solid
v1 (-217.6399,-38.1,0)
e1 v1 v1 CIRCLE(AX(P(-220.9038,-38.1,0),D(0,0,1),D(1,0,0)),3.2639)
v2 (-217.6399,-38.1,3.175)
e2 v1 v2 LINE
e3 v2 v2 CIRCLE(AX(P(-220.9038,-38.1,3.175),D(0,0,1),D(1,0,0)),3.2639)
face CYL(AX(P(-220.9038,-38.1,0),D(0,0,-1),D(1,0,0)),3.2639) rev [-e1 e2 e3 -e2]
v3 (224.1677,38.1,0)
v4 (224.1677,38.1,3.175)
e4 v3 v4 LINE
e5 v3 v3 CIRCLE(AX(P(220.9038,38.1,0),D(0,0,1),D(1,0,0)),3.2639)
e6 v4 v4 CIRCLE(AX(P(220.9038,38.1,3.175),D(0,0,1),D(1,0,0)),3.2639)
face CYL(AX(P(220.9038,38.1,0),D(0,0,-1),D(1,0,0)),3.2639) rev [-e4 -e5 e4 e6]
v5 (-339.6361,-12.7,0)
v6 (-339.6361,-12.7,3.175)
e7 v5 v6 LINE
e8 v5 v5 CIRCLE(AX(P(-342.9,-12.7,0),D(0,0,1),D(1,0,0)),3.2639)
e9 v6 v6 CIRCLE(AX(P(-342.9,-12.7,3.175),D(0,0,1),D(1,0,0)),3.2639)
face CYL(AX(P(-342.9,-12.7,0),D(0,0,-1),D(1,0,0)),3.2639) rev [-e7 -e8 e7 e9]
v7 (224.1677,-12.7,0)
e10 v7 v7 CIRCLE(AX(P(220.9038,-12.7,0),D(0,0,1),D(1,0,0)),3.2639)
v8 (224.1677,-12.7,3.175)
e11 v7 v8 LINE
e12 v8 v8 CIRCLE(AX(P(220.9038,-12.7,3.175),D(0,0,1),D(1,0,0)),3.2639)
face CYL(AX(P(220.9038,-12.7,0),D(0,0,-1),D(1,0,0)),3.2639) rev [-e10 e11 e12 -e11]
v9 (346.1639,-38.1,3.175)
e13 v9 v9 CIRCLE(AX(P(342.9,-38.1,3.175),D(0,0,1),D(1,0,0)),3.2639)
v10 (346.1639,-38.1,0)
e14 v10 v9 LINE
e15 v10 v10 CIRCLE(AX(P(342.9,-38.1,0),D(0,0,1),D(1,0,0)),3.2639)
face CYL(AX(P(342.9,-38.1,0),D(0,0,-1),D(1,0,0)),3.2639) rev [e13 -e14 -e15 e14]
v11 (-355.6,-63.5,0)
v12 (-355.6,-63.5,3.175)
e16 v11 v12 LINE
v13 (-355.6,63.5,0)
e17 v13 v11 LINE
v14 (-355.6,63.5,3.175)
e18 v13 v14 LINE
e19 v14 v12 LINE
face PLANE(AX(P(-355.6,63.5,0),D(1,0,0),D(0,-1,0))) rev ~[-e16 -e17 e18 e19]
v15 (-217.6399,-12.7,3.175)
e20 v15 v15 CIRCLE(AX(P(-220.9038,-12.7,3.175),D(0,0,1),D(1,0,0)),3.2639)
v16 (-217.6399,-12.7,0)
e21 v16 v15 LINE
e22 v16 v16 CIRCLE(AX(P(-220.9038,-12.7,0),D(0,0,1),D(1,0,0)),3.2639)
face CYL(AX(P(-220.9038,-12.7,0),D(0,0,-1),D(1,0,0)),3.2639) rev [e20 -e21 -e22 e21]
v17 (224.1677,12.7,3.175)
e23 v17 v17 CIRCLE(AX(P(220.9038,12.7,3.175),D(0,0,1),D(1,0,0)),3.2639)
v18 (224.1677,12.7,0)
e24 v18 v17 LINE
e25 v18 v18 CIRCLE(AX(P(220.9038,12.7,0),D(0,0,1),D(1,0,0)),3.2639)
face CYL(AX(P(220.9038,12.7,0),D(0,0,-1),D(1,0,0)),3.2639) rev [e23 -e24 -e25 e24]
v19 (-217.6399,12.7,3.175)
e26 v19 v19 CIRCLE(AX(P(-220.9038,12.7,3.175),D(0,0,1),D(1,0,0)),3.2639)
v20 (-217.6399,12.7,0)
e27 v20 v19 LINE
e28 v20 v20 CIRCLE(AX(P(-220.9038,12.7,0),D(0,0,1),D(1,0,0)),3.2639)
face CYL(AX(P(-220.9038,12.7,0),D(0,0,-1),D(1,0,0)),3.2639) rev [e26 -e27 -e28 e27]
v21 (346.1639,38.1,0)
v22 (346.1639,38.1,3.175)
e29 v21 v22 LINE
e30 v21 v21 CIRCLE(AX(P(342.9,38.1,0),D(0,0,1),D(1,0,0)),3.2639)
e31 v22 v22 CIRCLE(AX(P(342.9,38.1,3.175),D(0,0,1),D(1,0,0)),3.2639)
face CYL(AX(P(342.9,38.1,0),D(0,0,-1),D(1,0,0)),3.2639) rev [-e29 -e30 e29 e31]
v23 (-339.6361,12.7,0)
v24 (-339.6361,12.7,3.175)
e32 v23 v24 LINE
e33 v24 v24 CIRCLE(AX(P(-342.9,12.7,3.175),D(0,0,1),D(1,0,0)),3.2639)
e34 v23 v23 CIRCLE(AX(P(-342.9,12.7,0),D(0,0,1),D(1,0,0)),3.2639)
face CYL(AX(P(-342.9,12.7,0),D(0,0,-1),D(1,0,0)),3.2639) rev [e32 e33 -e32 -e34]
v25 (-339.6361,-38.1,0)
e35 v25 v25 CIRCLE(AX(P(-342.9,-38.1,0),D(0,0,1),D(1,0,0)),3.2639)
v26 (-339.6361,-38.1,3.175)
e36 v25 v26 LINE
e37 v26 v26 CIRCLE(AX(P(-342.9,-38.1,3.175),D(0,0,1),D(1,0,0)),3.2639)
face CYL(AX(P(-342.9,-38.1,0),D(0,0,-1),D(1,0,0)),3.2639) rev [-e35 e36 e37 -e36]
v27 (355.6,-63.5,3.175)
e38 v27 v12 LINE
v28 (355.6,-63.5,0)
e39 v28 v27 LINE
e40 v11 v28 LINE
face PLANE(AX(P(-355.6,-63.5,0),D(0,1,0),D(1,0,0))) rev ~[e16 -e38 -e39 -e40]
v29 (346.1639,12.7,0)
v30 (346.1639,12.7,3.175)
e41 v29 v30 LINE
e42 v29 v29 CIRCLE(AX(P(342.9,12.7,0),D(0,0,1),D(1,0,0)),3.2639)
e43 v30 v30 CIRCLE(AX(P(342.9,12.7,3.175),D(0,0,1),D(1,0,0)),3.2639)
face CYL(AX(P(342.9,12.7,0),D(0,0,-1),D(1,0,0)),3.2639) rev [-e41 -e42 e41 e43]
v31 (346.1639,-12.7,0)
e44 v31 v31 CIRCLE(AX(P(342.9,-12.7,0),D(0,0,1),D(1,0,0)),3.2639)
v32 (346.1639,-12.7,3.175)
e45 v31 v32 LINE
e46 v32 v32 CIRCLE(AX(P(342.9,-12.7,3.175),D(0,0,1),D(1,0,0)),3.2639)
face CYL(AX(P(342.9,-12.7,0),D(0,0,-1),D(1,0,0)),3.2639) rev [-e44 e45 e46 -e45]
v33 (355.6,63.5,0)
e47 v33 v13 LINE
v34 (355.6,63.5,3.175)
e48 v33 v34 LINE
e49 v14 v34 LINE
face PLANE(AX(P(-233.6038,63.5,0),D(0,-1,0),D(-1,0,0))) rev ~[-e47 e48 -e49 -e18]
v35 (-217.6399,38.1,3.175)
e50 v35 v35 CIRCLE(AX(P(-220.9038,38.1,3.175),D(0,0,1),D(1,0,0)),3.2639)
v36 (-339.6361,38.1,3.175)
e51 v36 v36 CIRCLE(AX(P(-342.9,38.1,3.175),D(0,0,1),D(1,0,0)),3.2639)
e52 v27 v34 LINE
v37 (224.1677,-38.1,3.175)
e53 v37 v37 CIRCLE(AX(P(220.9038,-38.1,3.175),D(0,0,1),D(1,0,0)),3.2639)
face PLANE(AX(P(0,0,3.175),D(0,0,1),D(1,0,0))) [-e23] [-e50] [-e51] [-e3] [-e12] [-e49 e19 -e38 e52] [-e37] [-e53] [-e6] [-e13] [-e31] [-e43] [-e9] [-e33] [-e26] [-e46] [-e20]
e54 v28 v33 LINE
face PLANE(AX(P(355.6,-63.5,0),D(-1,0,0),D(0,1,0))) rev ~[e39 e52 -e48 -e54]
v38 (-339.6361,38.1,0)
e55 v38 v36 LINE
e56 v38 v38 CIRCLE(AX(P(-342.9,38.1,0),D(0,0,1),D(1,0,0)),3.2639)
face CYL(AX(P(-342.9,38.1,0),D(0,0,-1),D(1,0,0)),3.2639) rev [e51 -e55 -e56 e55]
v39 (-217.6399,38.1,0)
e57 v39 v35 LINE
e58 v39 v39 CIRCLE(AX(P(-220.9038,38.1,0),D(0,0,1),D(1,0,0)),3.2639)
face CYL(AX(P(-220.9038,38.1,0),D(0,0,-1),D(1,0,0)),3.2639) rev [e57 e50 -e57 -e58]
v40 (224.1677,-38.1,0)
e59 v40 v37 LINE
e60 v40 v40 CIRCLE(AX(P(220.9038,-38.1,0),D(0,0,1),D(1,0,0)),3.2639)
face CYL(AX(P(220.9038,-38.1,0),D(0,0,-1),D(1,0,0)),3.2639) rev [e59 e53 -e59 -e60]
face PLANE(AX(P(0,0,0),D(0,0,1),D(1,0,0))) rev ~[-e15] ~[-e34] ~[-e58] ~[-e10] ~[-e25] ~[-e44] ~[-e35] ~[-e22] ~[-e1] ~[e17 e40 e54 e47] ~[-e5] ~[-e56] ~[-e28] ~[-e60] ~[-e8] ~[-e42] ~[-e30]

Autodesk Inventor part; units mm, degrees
ref_plane "YZ Plane" through (0, 0, 0) normal (1, 0, 0) x (0, 1, 0)
ref_plane "XZ Plane" through (0, 0, 0) normal (0, 1, 0) x (-1, 0, 0)
ref_plane "XY Plane" through (0, 0, 0) normal (0, 0, 1) x (1, 0, 0)
sketch "Sketch3" plane through (0, 0, 0) normal (0, 0, 1) x (1, 0, 0)
  line L0 (-355.6, -63.5) -> (355.6, -63.5)
  line L1 (355.6, -63.5) -> (355.6, 63.5)
  line L2 (355.6, 63.5) -> (-355.6, 63.5)
  line L3 (-355.6, 63.5) -> (-355.6, -63.5)
  line L4 (-355.6, -63.5) -> (355.6, 63.5) construction
  line L5 (355.6, -63.5) -> (-355.6, 63.5) construction
  circle A0 centre (-342.9, 38.1) radius 3.2639
  circle A1 centre (-342.9, 12.7) radius 3.2639
  circle A2 centre (-342.9, -12.7) radius 3.2639
  circle A3 centre (-342.9, -38.1) radius 3.2639
  line L6 (-233.6038, 63.5) -> (-233.6038, -63.5)
  circle A4 centre (-220.9038, 38.1) radius 3.2639
  circle A5 centre (-220.9038, 12.7) radius 3.2639
  circle A6 centre (-220.9038, -12.7) radius 3.2639
  circle A7 centre (-220.9038, -38.1) radius 3.2639
  line L7 (0, 63.5) -> (0, -63.5) construction
  circle A8 centre (342.9, 38.1) radius 3.2639
  circle A9 centre (342.9, 12.7) radius 3.2639
  circle A10 centre (342.9, -12.7) radius 3.2639
  circle A11 centre (342.9, -38.1) radius 3.2639
  circle A12 centre (220.9038, 38.1) radius 3.2639
  circle A13 centre (220.9038, 12.7) radius 3.2639
  circle A14 centre (220.9038, -12.7) radius 3.2639
  circle A15 centre (220.9038, -38.1) radius 3.2639
  point P0 (0, 0)
  dimension "d58" = 711.2
  dimension "d59" = 127
  dimension "d60" = 6.5278
  dimension "d61" = 6.5278
  dimension "d62" = 6.5278
  dimension "d63" = 6.5278
  dimension "d64" = 25.4
  dimension "d65" = 25.4
  dimension "d66" = 25.4
  dimension "d69" = 0
  dimension "d70" = 0
  dimension "d71" = 0
  dimension "d72" = 25.4
  dimension "d73" = 25.4
  dimension "d74" = 12.7
  dimension "d77" = 121.9962
  dimension "d82" = 127
extrude "Extrusion3" add sketch "Sketch3" along normal blind 3.175
equation "\"d72\" = d73"
equation "\"BendRadius\" = Thickness"
equation "\"BendReliefWidth\" = Thickness"
equation "\"BendReliefDepth\" = 0.5 * Thickness"
equation "\"CornerReliefSize\" = 4 * Thickness"
equation "\"MinimumRemnant\" = 2 * Thickness"
equation "\"TransitionRadius\" = BendRadius"
equation "\"JacobiRadiusSize\" = Thickness"
equation "\"GapSize\" = Thickness"
equation "\"Thickness\" = 3.048"
properties part number "End Plates"
